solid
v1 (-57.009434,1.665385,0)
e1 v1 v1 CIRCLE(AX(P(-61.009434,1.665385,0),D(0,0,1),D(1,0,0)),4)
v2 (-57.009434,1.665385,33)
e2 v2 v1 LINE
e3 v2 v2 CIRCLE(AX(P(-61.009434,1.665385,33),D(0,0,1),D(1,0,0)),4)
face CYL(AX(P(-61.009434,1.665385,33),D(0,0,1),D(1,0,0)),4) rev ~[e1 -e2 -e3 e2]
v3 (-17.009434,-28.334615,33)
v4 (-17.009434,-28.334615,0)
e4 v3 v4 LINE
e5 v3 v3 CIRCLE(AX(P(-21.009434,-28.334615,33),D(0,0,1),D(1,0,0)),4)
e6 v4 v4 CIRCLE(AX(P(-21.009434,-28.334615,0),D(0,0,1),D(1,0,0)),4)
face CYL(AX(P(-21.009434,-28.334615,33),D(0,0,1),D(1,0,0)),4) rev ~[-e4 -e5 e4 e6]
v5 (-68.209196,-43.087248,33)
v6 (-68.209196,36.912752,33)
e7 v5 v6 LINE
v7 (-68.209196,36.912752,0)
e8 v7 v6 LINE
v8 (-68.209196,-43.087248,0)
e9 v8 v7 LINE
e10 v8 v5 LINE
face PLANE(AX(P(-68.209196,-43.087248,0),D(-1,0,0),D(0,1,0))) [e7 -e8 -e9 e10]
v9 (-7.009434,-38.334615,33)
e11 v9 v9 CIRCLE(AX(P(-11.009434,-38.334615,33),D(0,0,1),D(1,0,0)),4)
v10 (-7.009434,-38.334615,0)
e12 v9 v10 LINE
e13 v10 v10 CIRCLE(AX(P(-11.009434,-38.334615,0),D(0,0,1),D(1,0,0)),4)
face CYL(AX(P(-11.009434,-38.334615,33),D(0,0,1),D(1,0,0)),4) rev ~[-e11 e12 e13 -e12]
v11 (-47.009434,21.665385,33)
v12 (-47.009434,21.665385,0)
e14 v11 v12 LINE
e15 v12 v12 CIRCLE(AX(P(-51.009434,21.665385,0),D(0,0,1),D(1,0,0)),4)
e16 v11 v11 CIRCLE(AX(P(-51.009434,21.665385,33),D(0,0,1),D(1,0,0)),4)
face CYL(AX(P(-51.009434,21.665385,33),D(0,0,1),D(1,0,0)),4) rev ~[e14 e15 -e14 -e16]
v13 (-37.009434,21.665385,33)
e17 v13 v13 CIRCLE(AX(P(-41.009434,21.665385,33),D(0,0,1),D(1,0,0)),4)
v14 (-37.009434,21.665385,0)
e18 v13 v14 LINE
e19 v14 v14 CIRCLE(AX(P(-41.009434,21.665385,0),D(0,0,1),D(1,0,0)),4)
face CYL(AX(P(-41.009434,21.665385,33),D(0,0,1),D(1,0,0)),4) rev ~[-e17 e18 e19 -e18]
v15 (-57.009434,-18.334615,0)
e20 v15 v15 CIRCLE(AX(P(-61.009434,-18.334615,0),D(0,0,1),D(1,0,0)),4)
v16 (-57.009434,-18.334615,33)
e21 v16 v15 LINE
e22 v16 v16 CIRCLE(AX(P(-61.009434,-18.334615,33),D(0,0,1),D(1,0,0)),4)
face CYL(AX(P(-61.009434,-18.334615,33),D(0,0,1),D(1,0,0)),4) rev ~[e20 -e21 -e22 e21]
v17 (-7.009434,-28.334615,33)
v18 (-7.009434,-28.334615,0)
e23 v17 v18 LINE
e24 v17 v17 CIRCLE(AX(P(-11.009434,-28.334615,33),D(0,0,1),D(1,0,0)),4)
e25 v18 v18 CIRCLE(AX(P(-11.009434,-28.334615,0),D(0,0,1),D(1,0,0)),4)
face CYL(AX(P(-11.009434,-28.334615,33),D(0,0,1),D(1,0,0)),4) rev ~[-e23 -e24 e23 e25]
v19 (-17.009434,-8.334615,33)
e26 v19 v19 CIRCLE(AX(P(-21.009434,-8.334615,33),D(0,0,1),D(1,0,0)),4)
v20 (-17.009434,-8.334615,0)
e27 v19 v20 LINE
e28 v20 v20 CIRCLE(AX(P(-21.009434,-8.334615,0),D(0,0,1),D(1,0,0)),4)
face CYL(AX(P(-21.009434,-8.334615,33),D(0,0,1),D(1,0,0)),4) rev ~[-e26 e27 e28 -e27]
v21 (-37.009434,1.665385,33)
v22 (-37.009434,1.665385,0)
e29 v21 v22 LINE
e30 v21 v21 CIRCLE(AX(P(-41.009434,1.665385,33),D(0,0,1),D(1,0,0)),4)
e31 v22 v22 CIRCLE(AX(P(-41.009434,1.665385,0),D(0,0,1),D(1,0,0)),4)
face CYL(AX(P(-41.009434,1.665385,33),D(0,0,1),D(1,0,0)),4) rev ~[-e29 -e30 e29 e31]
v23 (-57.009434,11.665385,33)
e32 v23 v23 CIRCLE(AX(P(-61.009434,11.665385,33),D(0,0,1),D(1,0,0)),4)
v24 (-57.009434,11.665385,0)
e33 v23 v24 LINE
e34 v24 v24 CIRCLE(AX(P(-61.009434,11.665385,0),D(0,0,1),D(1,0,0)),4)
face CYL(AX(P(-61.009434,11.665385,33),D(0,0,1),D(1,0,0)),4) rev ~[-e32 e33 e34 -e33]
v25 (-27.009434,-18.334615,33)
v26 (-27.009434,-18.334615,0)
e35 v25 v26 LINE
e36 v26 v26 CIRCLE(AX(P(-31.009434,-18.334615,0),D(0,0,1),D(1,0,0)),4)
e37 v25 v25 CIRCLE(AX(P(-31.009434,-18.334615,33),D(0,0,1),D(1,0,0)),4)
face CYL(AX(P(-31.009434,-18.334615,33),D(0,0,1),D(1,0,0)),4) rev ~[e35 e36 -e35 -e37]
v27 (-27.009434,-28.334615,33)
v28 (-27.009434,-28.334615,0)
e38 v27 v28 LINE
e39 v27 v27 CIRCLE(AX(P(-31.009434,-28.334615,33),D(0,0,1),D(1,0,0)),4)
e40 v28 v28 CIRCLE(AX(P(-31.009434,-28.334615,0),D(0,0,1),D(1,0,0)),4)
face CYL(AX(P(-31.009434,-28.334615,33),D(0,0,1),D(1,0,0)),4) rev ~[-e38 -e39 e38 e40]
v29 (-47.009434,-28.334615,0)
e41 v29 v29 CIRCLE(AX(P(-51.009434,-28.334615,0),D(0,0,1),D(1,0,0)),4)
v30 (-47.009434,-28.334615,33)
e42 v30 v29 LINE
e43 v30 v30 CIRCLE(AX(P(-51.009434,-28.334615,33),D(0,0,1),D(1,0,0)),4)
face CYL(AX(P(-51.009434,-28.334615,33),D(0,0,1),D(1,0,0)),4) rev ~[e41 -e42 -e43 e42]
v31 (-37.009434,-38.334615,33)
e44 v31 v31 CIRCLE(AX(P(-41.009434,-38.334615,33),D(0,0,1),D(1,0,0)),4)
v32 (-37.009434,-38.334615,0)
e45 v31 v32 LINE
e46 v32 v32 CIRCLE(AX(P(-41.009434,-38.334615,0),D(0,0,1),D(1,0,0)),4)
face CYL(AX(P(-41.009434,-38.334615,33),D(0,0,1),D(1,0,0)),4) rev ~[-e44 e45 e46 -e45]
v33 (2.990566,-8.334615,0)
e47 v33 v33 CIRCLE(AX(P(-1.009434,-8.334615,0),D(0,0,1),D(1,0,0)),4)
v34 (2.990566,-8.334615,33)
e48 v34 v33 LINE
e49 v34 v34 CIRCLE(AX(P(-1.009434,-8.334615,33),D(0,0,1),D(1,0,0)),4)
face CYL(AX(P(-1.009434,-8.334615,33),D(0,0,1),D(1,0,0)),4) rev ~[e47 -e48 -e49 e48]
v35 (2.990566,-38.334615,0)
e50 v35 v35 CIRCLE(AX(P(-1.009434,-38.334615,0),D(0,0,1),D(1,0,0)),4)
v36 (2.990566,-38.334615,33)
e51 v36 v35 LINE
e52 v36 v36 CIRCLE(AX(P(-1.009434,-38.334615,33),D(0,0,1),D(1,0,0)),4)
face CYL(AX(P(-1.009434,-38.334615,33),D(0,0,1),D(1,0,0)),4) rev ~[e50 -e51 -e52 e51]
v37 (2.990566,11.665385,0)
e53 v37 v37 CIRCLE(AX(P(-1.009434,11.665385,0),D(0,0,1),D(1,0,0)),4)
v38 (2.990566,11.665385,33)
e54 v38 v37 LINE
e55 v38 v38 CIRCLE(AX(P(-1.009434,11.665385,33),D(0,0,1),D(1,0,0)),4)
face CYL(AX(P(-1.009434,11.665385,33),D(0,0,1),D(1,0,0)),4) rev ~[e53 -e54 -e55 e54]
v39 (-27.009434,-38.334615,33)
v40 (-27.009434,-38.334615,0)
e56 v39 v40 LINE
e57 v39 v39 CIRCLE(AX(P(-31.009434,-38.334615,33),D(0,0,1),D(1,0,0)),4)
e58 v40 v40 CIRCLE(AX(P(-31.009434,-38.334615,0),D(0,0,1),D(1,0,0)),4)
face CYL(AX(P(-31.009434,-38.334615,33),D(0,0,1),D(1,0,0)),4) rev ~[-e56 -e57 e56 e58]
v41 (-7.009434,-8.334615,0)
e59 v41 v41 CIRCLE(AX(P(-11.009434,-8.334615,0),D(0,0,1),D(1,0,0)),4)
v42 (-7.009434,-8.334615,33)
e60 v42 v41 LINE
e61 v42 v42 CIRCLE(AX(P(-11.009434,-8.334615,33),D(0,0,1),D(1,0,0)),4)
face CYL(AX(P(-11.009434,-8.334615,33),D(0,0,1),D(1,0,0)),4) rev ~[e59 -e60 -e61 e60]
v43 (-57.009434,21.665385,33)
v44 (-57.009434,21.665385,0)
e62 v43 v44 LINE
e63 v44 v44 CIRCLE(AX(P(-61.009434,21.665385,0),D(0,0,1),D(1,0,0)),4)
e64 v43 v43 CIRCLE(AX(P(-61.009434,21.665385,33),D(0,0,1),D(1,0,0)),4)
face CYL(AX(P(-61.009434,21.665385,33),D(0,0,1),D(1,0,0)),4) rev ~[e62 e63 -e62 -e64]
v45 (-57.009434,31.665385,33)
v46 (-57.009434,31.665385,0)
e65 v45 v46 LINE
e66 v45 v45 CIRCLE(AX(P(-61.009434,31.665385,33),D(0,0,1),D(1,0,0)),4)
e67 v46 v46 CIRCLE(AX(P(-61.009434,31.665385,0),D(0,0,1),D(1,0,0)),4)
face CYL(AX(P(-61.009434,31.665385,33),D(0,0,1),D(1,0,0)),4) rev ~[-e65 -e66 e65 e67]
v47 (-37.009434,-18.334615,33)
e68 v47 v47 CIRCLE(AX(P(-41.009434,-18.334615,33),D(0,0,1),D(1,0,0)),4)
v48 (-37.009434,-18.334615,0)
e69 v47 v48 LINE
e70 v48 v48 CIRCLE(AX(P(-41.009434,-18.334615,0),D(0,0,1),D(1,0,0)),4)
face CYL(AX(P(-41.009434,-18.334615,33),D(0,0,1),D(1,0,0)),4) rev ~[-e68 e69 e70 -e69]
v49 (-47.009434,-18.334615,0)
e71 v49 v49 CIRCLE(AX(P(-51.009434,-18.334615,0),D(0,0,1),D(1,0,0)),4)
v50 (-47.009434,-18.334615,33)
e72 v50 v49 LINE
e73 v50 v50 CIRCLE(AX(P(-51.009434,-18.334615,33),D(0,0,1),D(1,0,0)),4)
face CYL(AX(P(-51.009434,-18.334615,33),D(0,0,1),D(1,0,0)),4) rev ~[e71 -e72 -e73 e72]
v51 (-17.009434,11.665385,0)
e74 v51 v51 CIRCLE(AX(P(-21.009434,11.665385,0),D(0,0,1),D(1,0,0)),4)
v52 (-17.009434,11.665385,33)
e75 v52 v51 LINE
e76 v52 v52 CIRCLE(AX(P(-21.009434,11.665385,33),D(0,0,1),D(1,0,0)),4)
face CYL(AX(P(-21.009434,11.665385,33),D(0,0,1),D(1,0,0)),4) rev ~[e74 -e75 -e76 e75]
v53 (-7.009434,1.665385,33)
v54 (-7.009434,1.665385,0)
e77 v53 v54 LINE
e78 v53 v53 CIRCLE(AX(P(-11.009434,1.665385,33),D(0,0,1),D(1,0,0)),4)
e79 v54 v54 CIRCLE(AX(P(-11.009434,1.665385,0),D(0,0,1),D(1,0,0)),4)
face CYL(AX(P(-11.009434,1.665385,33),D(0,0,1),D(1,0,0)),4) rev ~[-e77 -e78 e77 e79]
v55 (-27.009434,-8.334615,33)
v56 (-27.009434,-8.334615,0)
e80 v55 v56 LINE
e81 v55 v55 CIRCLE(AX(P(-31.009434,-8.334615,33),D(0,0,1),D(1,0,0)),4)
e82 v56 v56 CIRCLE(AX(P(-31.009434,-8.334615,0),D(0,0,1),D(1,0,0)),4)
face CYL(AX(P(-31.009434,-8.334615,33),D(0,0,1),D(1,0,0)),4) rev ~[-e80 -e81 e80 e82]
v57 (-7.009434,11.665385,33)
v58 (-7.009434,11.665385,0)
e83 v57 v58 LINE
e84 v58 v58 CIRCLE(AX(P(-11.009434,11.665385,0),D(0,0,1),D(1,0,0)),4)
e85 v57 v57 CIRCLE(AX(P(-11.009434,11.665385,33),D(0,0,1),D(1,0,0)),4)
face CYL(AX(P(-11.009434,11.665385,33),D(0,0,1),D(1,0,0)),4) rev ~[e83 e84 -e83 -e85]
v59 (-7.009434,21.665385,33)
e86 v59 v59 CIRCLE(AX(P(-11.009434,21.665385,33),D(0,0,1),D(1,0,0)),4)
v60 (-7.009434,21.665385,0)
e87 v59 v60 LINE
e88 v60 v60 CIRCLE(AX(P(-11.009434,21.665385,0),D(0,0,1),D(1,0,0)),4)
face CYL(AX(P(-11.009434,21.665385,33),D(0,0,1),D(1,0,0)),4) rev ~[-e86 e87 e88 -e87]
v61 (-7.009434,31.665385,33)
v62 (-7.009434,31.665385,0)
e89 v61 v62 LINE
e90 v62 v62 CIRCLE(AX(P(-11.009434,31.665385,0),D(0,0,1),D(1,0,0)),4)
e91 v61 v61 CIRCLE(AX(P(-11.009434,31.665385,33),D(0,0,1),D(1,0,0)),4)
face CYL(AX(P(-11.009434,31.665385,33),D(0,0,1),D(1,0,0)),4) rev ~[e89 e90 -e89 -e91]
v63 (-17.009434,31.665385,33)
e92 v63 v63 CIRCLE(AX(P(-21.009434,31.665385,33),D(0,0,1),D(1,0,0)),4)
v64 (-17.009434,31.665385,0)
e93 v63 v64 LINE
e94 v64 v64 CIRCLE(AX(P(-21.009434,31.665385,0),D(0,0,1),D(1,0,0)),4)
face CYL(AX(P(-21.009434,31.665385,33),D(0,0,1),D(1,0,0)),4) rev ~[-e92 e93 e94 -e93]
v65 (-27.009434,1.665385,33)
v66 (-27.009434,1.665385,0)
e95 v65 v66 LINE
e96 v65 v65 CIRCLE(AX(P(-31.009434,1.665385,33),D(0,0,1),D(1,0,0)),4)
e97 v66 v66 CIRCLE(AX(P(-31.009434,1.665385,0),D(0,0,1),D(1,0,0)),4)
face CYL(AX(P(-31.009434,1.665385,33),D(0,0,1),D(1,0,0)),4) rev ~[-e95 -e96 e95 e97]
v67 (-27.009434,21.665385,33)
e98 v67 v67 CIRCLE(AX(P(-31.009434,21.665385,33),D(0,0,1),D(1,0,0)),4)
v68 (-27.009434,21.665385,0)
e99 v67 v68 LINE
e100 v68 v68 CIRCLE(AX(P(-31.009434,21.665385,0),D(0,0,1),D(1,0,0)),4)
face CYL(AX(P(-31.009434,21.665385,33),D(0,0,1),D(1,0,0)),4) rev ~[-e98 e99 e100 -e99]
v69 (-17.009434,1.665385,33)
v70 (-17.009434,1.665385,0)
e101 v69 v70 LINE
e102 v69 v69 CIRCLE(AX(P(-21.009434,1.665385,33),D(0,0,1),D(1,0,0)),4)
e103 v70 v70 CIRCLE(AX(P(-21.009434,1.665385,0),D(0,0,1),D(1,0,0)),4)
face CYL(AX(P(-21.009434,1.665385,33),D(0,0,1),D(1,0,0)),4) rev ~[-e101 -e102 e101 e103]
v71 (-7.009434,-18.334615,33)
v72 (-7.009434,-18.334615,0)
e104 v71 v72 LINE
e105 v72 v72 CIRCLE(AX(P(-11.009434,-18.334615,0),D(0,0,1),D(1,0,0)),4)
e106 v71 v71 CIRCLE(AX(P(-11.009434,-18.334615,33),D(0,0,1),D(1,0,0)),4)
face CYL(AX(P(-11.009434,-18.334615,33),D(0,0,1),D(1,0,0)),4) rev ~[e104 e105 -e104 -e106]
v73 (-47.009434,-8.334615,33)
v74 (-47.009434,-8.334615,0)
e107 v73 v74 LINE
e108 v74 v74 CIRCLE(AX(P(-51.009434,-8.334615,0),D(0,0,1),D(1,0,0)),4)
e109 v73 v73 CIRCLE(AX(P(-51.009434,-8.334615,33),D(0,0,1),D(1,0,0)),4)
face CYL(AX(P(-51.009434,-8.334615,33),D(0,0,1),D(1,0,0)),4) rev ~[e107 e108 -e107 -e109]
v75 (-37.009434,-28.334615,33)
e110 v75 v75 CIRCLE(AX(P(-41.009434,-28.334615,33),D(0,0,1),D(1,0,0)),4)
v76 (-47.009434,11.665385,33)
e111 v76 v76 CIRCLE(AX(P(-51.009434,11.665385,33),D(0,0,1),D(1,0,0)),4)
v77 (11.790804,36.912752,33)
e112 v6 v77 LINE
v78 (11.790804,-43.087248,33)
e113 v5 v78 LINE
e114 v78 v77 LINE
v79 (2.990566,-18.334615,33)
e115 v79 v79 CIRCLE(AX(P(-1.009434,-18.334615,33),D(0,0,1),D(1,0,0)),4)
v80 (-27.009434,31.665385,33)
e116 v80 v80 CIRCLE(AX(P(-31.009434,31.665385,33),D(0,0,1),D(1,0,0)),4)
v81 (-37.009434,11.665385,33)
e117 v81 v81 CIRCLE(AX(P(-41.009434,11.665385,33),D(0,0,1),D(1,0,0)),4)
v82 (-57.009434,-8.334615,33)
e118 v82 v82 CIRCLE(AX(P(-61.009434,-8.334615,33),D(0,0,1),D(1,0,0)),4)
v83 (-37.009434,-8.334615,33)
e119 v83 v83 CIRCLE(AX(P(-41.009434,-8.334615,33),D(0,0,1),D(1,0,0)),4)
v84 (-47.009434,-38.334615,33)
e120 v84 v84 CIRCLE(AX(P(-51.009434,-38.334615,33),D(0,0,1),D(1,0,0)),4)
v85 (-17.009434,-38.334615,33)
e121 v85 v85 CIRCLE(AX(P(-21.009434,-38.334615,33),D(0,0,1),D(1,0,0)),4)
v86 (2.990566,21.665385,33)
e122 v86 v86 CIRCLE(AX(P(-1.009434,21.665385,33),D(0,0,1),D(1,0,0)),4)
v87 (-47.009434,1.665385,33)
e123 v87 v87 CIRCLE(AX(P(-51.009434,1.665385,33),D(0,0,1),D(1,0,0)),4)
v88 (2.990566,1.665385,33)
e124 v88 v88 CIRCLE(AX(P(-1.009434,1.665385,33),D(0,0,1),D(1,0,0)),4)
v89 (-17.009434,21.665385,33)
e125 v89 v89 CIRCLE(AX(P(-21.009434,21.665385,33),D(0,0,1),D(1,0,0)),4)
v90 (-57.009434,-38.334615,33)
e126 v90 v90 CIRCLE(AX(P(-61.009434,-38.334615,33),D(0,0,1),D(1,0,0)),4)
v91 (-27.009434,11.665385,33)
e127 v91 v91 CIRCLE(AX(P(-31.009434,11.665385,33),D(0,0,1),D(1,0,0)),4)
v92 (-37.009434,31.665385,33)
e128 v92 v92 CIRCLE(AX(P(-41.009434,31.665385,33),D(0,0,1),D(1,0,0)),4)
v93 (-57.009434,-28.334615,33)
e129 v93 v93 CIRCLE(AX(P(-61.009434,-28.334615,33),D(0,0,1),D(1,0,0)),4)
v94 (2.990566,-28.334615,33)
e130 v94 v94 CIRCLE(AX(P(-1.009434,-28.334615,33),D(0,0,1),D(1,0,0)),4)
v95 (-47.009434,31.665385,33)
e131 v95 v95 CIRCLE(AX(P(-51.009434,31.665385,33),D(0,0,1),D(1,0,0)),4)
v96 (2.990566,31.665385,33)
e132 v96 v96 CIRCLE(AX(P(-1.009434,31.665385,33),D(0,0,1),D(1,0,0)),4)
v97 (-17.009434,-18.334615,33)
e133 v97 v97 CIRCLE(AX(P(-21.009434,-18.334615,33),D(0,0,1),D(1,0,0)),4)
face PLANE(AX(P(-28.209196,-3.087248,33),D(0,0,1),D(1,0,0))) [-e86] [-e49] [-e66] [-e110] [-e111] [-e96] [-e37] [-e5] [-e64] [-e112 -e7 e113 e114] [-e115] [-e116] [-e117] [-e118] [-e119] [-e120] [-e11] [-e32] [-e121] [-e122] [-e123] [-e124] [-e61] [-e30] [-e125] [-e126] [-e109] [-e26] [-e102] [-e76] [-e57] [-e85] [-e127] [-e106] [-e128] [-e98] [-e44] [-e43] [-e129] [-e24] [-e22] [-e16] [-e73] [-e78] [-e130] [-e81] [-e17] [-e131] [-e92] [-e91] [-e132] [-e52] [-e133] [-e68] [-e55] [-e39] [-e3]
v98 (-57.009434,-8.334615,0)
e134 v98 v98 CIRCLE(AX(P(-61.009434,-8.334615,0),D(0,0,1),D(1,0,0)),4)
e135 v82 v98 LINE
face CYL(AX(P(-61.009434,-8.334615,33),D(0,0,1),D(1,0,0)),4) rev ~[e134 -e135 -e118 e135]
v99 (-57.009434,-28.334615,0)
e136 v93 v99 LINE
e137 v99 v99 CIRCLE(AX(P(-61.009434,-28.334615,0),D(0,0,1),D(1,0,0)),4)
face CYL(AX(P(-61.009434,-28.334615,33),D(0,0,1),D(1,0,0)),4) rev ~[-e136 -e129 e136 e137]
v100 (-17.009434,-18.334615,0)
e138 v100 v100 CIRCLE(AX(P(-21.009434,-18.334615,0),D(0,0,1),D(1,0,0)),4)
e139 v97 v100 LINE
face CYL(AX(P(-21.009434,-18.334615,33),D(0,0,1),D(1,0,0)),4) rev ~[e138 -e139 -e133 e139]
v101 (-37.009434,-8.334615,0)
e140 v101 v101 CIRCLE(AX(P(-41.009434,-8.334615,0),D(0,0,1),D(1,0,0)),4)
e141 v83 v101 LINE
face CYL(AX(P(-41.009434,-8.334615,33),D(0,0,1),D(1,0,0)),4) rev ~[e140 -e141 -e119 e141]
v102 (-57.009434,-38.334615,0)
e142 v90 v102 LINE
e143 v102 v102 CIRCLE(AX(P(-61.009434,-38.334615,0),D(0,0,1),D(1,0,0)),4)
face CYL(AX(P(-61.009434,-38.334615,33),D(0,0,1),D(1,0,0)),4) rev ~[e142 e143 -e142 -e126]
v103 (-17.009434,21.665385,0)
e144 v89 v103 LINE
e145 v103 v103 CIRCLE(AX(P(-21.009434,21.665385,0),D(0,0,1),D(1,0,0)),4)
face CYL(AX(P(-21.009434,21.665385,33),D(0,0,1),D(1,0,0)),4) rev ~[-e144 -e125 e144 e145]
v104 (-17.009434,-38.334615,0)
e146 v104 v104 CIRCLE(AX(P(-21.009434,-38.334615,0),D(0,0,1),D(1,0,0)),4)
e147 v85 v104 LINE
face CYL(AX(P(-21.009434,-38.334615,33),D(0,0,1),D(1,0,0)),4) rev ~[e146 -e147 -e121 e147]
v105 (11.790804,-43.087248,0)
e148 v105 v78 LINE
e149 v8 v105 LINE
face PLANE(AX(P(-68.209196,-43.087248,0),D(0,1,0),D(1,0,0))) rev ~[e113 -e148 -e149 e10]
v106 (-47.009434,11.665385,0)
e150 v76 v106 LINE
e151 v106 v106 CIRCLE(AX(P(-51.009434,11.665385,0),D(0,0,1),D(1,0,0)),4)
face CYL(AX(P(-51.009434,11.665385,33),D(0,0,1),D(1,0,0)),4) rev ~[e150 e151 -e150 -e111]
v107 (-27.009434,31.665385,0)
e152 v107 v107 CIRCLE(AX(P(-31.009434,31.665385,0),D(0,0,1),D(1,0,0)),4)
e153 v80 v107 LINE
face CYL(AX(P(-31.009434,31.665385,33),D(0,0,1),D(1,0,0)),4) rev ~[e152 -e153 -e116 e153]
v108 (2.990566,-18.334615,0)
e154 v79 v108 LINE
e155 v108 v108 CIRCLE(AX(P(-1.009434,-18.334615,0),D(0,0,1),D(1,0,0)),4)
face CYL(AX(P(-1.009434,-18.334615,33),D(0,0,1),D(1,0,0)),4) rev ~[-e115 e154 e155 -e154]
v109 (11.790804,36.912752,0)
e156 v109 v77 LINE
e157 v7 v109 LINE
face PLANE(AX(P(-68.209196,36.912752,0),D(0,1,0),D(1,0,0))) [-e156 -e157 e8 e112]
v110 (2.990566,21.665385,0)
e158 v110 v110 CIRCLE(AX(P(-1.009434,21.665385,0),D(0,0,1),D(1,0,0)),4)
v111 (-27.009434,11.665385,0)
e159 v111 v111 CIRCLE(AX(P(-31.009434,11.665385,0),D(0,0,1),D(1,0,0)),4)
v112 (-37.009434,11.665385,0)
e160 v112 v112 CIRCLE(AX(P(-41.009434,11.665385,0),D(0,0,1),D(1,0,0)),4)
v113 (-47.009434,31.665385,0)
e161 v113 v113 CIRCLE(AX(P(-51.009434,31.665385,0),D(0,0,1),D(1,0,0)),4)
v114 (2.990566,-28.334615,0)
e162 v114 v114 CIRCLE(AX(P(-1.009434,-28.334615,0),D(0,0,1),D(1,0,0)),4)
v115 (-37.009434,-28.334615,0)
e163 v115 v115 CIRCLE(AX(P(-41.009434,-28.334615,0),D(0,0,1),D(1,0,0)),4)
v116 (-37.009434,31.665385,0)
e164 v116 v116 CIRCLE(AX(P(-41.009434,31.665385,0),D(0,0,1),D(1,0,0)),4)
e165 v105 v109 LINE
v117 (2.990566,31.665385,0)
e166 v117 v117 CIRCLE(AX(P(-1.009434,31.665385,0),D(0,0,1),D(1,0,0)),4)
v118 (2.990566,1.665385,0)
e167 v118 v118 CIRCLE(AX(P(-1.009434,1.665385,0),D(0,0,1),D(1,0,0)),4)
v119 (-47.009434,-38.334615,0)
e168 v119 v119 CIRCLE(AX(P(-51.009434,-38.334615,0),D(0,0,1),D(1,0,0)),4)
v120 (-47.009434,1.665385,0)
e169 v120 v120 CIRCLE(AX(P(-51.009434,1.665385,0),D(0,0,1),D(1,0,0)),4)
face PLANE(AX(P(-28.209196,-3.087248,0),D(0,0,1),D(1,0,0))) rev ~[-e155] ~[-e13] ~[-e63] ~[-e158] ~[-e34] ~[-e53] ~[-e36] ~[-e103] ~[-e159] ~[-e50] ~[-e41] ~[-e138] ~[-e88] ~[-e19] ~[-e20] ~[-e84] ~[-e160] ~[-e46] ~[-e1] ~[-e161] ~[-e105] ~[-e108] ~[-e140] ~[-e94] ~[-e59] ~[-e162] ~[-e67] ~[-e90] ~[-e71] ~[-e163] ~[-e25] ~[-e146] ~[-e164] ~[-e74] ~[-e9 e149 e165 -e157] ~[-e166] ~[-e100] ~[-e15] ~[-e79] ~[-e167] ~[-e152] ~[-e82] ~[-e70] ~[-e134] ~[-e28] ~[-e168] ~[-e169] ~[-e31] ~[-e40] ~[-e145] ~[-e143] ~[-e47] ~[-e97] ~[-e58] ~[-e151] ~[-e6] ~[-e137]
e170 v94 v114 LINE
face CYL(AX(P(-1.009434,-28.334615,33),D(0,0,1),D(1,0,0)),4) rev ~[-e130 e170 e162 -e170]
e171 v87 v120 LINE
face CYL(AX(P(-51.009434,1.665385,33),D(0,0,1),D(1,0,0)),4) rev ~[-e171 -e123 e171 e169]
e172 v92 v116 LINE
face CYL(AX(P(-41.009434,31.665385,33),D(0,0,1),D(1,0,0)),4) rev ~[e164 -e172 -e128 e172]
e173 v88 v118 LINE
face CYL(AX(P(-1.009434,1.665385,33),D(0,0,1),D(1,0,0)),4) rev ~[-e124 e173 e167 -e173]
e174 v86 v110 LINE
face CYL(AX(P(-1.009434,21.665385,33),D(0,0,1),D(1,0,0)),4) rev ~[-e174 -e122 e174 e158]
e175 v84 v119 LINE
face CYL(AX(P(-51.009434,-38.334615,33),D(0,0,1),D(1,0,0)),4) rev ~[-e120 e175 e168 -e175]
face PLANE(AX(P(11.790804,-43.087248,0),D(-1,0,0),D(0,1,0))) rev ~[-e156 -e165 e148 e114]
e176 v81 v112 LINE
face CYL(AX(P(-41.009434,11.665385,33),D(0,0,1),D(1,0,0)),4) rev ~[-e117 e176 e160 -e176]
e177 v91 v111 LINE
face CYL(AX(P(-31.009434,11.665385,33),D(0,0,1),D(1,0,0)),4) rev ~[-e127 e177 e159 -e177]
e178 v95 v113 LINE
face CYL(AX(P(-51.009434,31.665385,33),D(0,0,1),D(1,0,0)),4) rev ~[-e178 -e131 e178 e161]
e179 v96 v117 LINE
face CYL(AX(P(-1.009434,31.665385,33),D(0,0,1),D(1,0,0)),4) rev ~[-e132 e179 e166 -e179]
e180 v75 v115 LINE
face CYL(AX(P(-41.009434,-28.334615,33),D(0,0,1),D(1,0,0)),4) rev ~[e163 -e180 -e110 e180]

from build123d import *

# Parameters (mm, degrees)
SKETCH1_W            = 80
SKETCH1_H            = 80
BOSS_EXTRUDE1_DEPTH  = 33
SKETCH2_R            = 4
CUT_EXTRUDE1_DEPTH   = 33
LPATTERN1_COUNT      = 8
LPATTERN1_PITCH      = 10
LPATTERN1_COUNT_DIR2 = 7
LPATTERN1_PITCH_DIR2 = 10


with BuildPart() as part:
    # Sketch1 → Boss-Extrude1 (new body)
    with BuildSketch(Plane.XY):
        with Locations((-28.209195922, -3.087248322)):
            Rectangle(SKETCH1_W, SKETCH1_H)
    extrude(amount=BOSS_EXTRUDE1_DEPTH)

    # Sketch2 → Cut-Extrude1 (cut)
    with BuildSketch(Plane.XY.offset(33)):
        with Locations((-61.00943387, 31.665384742)):
            Circle(SKETCH2_R)
    cut_extrude1 = extrude(amount=-CUT_EXTRUDE1_DEPTH, mode=Mode.SUBTRACT)

    # LPattern1: Cut-Extrude1 8 × 7
    with Locations(*[(j * LPATTERN1_PITCH_DIR2, -i * LPATTERN1_PITCH, 0) for i in range(LPATTERN1_COUNT) for j in range(LPATTERN1_COUNT_DIR2) if (i, j) != (0, 0)]):
        add(cut_extrude1, mode=Mode.SUBTRACT)


solid = part.part
